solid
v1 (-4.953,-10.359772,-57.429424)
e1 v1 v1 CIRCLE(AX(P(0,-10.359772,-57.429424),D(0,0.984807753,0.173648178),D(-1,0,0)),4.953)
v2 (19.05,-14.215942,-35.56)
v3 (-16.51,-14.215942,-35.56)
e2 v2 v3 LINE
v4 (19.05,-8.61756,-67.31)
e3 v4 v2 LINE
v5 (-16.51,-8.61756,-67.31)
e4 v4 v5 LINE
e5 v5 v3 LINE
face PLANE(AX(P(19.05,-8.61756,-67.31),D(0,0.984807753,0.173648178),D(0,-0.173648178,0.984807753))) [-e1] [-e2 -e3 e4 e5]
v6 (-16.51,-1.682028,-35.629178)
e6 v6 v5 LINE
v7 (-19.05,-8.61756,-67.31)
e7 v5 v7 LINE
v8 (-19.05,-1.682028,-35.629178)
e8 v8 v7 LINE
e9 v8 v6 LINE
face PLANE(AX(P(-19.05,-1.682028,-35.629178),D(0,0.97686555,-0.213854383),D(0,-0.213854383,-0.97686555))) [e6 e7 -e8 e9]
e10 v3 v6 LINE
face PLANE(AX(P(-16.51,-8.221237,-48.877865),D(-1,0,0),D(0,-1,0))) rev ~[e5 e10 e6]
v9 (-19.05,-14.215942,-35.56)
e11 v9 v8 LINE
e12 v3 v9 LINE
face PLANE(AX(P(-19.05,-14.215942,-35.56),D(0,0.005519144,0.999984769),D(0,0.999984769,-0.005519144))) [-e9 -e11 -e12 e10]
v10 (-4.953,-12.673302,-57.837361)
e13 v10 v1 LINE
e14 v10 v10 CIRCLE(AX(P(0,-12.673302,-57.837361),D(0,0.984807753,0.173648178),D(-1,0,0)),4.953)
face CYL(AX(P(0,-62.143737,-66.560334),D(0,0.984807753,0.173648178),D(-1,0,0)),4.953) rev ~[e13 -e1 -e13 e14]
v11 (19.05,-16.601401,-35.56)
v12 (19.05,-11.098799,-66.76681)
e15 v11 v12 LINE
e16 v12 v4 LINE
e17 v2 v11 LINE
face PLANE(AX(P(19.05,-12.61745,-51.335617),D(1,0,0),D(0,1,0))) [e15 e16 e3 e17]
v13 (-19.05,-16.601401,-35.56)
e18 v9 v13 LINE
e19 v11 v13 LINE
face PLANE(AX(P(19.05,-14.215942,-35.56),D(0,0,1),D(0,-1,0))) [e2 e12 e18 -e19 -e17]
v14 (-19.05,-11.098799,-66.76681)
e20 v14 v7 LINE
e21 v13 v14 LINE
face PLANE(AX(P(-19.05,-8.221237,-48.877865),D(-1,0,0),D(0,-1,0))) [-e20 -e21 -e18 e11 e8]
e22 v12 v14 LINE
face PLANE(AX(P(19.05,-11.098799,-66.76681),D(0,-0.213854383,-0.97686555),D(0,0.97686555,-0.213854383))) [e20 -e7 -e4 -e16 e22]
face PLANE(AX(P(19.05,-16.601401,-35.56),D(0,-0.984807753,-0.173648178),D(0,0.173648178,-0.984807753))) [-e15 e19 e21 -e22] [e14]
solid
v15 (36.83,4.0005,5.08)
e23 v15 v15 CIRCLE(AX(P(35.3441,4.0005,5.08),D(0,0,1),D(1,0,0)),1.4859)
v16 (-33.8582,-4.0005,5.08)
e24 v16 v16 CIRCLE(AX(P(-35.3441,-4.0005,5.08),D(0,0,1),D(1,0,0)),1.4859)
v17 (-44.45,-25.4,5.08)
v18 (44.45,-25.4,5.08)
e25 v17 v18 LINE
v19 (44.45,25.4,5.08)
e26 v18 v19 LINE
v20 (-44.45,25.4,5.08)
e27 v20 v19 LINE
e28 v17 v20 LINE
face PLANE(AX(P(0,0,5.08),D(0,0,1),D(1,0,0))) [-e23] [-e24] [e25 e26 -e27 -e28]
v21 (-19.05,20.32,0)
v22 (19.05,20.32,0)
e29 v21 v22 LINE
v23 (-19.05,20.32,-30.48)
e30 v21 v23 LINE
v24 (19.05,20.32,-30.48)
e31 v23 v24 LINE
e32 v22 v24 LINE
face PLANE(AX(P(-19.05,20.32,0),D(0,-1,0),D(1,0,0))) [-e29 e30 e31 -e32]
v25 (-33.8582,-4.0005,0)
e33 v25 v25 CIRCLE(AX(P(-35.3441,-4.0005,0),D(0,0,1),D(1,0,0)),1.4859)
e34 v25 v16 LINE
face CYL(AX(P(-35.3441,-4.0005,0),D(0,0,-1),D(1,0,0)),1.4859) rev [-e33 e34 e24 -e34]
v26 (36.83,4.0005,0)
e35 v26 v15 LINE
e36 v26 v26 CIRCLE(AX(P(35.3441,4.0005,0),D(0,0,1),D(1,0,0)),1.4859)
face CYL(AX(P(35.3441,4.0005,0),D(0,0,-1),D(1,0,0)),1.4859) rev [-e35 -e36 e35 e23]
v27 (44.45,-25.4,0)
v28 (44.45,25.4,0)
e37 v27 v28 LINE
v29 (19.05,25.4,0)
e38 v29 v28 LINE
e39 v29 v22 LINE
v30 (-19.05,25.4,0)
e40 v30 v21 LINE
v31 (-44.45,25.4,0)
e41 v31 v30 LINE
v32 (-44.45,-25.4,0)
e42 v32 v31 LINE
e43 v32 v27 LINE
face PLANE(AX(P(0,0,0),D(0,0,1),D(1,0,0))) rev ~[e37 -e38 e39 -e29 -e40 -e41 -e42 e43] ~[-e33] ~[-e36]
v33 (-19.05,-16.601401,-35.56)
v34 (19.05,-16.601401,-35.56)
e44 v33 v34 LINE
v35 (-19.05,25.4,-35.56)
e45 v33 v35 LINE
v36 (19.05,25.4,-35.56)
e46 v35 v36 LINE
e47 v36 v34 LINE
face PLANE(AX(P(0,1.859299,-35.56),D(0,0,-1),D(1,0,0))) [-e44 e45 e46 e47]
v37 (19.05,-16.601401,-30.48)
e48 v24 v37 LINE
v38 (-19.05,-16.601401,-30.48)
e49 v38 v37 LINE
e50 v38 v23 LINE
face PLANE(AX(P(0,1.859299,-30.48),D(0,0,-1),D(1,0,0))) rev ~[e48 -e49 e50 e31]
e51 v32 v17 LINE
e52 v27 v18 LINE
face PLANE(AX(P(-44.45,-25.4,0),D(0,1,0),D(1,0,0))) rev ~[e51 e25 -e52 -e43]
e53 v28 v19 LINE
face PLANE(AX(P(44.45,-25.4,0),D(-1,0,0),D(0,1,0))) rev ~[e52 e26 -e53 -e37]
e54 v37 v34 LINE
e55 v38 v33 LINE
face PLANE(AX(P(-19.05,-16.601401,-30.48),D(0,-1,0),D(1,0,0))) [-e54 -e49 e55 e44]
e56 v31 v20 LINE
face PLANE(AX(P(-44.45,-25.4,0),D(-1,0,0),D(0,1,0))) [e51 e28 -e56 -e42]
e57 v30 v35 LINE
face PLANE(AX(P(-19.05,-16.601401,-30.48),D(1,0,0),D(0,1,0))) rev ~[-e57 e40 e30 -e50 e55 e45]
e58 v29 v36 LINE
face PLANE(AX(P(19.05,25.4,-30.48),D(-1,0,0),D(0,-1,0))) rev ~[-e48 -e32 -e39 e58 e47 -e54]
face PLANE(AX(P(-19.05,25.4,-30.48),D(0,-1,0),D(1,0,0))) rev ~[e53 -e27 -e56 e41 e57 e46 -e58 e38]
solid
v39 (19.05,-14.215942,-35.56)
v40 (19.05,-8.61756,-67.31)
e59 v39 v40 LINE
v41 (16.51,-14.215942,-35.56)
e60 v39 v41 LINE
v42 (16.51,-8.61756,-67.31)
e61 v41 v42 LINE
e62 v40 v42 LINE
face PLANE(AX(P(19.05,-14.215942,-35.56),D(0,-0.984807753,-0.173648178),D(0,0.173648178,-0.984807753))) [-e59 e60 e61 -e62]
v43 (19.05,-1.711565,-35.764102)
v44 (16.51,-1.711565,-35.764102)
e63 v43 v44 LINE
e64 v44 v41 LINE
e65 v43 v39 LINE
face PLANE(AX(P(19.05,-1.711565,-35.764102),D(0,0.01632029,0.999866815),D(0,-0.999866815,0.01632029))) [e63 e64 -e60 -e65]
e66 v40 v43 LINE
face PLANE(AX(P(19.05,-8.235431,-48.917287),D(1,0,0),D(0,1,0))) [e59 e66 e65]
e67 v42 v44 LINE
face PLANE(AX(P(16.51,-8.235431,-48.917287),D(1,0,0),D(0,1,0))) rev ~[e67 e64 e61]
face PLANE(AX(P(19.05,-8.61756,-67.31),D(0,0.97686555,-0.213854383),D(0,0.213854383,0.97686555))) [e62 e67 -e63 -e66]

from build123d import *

# Parameters (mm, degrees)
F1_W      = 88.9
F1_H      = 50.8
F1_R      = 1.4859
F2_DEPTH  = 5.08
F3_W      = 38.1
F3_H      = 5.08
F4_DEPTH  = 30.48
F5_W      = 38.1
F5_H      = 36.9214013798
F5_H_2    = 5.08
F6_DEPTH  = 5.08
F8_DEPTH  = 38.1
F10_D     = 9.906
F12_DEPTH = 2.54
F14_DEPTH = 2.54


with BuildPart() as f2:
    # F1 (on Top) → F2 (new body)
    with BuildSketch(Plane.XY):
        Rectangle(F1_W, F1_H)
        with Locations((-35.3441, -4.0005)):
            Circle(F1_R, mode=Mode.SUBTRACT)
        with Locations((35.3441, 4.0005)):
            Circle(F1_R, mode=Mode.SUBTRACT)
    extrude(amount=F2_DEPTH)

    # F3 (on face) → F4 (join)
    with BuildSketch(Plane(origin=(0, 0, 0), x_dir=(1, 0, 0), z_dir=(0, 0, -1))):
        with Locations((0, -22.86)):
            Rectangle(F3_W, F3_H)
    extrude(amount=F4_DEPTH)

    # F5 (on face) → F6 (join)
    with BuildSketch(Plane(origin=(0, 0, -30.48), x_dir=(1, 0, 0), z_dir=(0, 0, -1))):
        with Locations((0, -1.8592993101)):
            Rectangle(F5_W, F5_H)
        with Locations((0, -22.86)):
            Rectangle(F5_W, F5_H_2)
    extrude(amount=F6_DEPTH)


with BuildPart() as f8:
    # F7 (on face) → F8 (new body)
    with BuildSketch(Plane.YZ.offset(19.05)):
        Polygon((-14.2159419584, -35.56), (-16.6014013798, -35.56), (-11.0987988182, -66.7668098681), (-8.6175603209, -67.31), align=None)
    extrude(amount=-F8_DEPTH)

    # F10 (through all)
    with Locations(Plane(origin=(0, -22.1819260239, -3.9112720421), x_dir=(1, 0, 0), z_dir=(0, -0.984807753, -0.1736481777))):
        with Locations((0, -54.7579862096)):
            Hole(F10_D / 2)

    # F13 (on face) → F14 (join)
    with BuildSketch(Plane(origin=(-19.05, 0, 0), x_dir=(0, -1, 0), z_dir=(-1, 0, 0))):
        Polygon((1.6820278631, -35.629177536), (8.6175603209, -67.31), (14.2159419584, -35.56), align=None)
    extrude(amount=-F14_DEPTH)


with BuildPart() as f12:
    # F11 (on face) → F12 (new body)
    with BuildSketch(Plane.YZ.offset(19.05)):
        Polygon((-14.2159419584, -35.56), (-8.6175603209, -67.31), (-1.7115654359, -35.7641022312), align=None)
    extrude(amount=-F12_DEPTH)


solid = Compound([f2.part, f8.part, f12.part])
